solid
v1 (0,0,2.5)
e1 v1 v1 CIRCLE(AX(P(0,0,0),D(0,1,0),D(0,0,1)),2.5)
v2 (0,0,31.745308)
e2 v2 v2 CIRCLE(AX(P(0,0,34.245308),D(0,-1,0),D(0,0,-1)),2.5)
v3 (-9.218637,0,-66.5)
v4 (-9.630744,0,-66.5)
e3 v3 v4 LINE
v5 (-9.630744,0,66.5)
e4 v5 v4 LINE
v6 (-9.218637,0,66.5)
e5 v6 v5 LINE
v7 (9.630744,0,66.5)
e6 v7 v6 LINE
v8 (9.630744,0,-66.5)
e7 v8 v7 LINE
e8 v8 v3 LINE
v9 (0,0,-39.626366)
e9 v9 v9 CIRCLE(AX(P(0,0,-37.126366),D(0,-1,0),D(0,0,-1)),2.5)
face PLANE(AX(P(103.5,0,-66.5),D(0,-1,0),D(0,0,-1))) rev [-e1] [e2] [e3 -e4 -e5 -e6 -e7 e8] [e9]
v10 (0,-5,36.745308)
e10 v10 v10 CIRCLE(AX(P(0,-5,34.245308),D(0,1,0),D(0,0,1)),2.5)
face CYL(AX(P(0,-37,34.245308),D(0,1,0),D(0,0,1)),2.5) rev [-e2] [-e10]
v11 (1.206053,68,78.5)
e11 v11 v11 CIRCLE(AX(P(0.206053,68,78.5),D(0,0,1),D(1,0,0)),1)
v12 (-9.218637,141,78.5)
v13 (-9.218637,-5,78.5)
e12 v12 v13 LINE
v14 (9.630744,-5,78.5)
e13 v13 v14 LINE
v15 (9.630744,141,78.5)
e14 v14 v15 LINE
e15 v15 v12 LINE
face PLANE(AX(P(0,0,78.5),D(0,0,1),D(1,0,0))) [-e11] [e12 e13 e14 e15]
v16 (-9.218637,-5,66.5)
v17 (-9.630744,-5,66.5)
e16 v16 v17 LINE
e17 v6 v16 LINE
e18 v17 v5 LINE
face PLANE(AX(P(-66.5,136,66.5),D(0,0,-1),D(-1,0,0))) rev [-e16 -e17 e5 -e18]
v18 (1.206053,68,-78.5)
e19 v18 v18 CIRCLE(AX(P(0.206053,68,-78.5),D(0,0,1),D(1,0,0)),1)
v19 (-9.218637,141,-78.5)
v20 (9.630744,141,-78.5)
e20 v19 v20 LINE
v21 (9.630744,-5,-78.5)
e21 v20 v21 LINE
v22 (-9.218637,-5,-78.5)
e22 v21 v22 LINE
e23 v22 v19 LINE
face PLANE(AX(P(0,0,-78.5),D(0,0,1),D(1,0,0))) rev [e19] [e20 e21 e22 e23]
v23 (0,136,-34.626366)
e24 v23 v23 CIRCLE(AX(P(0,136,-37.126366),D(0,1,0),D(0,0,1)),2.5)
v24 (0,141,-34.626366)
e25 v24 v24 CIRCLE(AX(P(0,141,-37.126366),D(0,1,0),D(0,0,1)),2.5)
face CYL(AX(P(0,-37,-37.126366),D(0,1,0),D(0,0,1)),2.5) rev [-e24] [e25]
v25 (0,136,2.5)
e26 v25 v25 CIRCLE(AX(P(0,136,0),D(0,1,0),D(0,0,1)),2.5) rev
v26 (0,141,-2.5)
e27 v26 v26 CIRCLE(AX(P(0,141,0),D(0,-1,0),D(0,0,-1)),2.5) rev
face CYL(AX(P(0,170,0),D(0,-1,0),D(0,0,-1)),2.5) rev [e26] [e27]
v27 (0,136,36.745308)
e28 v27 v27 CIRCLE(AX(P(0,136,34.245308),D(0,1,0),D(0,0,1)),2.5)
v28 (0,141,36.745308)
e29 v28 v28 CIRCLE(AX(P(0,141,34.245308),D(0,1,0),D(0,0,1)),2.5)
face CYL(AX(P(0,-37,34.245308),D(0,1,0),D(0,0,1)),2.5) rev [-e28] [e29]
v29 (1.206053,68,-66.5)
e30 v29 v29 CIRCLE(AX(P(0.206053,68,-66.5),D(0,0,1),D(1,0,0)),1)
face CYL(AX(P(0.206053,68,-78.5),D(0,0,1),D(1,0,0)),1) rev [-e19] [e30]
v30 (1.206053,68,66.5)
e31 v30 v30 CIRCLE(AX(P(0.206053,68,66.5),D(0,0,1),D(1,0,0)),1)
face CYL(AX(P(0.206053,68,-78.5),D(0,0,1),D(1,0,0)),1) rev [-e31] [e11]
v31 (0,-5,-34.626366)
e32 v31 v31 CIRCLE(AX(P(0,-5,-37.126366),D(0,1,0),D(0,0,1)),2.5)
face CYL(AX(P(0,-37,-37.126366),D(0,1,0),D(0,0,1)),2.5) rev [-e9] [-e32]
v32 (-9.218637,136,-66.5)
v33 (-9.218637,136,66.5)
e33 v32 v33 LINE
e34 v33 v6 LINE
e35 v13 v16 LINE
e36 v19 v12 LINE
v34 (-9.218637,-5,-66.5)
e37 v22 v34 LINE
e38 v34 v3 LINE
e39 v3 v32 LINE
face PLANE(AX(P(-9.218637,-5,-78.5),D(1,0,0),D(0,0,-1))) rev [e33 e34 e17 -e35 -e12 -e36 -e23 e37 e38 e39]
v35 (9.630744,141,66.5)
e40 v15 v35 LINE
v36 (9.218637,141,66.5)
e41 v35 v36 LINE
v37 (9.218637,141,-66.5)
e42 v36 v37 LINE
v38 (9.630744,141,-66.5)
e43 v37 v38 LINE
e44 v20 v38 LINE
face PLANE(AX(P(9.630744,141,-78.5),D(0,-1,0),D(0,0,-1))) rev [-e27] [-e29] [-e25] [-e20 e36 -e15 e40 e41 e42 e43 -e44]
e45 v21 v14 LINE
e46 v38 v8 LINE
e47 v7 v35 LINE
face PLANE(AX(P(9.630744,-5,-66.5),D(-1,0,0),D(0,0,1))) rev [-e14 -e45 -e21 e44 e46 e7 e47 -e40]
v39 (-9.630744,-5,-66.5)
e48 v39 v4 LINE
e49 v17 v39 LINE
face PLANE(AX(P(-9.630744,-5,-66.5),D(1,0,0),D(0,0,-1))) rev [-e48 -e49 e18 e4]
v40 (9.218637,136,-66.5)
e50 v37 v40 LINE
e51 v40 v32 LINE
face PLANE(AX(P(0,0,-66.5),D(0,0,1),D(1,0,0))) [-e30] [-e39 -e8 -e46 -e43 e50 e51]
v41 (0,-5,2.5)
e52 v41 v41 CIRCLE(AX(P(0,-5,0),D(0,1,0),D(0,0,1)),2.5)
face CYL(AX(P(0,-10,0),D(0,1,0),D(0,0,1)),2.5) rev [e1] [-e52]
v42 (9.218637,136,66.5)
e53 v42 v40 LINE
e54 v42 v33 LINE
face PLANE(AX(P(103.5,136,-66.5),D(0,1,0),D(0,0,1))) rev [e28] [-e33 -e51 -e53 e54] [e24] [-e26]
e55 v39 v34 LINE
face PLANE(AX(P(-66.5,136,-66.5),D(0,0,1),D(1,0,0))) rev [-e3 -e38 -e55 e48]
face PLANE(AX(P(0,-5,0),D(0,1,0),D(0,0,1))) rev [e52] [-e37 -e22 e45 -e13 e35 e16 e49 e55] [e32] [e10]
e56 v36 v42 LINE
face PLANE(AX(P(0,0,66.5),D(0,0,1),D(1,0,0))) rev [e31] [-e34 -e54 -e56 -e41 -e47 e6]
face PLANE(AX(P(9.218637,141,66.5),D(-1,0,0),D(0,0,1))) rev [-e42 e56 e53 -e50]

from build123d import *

# Parameters (mm, degrees)
SKETCH1_W            = 133
SKETCH1_H            = 133
BOSS_EXTRUDE2_DEPTH  = 136
SKETCH2_W            = 133
SKETCH2_H            = 118
CUT_EXTRUDE1_DEPTH   = 136
BOSS_EXTRUDE3_DEPTH  = 10.5
SKETCH5_W            = 21
SKETCH5_H            = 3
BOSS_EXTRUDE4_DEPTH  = 23.5
SKETCH6_W            = 42
SKETCH6_H            = 17.2
CUT_EXTRUDE2_DEPTH   = 3
BOSS_EXTRUDE5_DEPTH  = 10.5
SKETCH8_W            = 21
SKETCH8_H            = 3
BOSS_EXTRUDE6_DEPTH  = 23.5
SKETCH9_W            = 42
SKETCH9_H            = 17.2
CUT_EXTRUDE3_DEPTH   = 3
SKETCH10_W           = 19.261488562
SKETCH10_H           = 133
BOSS_EXTRUDE7_DEPTH  = 5
SKETCH11_W           = 18.43727499
SKETCH11_H           = 133
BOSS_EXTRUDE8_DEPTH  = 5
SKETCH12_W           = 18.849381776
SKETCH12_H           = 146
BOSS_EXTRUDE9_DEPTH  = 12
SKETCH14_W           = 18.849381776
SKETCH14_H           = 146
BOSS_EXTRUDE10_DEPTH = 12
SKETCH17_R           = 1
CUT_EXTRUDE4_DEPTH   = 222.251553667
SKETCH18_W           = 133
SKETCH18_H           = 136
CUT_EXTRUDE5_DEPTH   = 170
SKETCH20_R           = 2.5
CUT_EXTRUDE6_DEPTH   = 10
SKETCH22_R           = 2.5
CUT_EXTRUDE8_DEPTH   = 170
SKETCH24_R           = 2.5
CUT_EXTRUDE9_DEPTH   = 170
SKETCH26_R           = 2.474722671
CUT_EXTRUDE10_DEPTH  = 177
SKETCH27_R           = 2.5
CUT_EXTRUDE11_DEPTH  = 177
SKETCH29_R           = 2.5
CUT_EXTRUDE12_DEPTH  = 177
SKETCH30_R           = 2.5
CUT_EXTRUDE13_DEPTH  = 178
SKETCH31_R           = 2.5
CUT_EXTRUDE14_DEPTH  = 178
SKETCH32_R           = 2.474722671
SKETCH32_R_2         = 2.5
BOSS_EXTRUDE11_DEPTH = 5
SKETCH33_R           = 2.5
BOSS_EXTRUDE12_DEPTH = 5


with BuildPart() as part:
    # Sketch1 → Boss-Extrude2 (new body)
    with BuildSketch(Plane(origin=(0, 0, 0), x_dir=(1, 0, 0), z_dir=(0, 1, 0))):
        Rectangle(SKETCH1_W, SKETCH1_H)
    extrude(amount=BOSS_EXTRUDE2_DEPTH)

    # Sketch2 → Cut-Extrude1 (cut)
    with BuildSketch(Plane.XY.offset(66.5)):
        with Locations((0, 68)):
            Rectangle(SKETCH2_W, SKETCH2_H)
    extrude(amount=-CUT_EXTRUDE1_DEPTH, mode=Mode.SUBTRACT)


with BuildPart() as cut_extrude1_piece_1:
    # of the separate pieces the step leaves, piece 1, a body of its own (cut_extrude1_pieces)
    add(part.part.solids().sort_by_distance((-66.5, 0, 66.5))[0])

    # Sketch4 → Boss-Extrude3 (add)
    with BuildSketch(Plane(origin=(0, 9, 0), x_dir=(1, 0, 0), z_dir=(0, 1, 0))):
        Polygon((22.75, -22.75), (43.75, -22.75), (46.25, -22.75), (46.25, -20.25), (20.25, -20.25), (20.25, -46.25), (46.25, -46.25), (46.25, -43.75), (43.75, -43.75), (22.75, -43.75), align=None)
        Polygon((22.75, 43.75), (43.75, 43.75), (46.25, 43.75), (46.25, 46.25), (20.25, 46.25), (20.25, 20.25), (46.25, 20.25), (46.25, 22.75), (43.75, 22.75), (22.75, 22.75), align=None)
    extrude(amount=BOSS_EXTRUDE3_DEPTH)

    # Sketch5 → Boss-Extrude4 (add)
    with BuildSketch(Plane(origin=(22.75, 0, 0), x_dir=(0, 0, -1), z_dir=(1, 0, 0))):
        with Locations((-33.25, 18)):
            Rectangle(SKETCH5_W, SKETCH5_H)
        with Locations((33.25, 18)):
            Rectangle(SKETCH5_W, SKETCH5_H)
    extrude(amount=BOSS_EXTRUDE4_DEPTH)

    # Sketch6 → Cut-Extrude2 (cut)
    with BuildSketch(Plane(origin=(0, 19.5, 0), x_dir=(1, 0, 0), z_dir=(0, 1, 0))):
        with Locations((46.25, -33.25)):
            Rectangle(SKETCH6_W, SKETCH6_H)
        with Locations((46.25, 33.25)):
            Rectangle(SKETCH6_W, SKETCH6_H)
    extrude(amount=-CUT_EXTRUDE2_DEPTH, mode=Mode.SUBTRACT)

    # Sketch10 → Boss-Extrude7 (add)
    with BuildSketch(Plane.XZ):
        Rectangle(SKETCH10_W, SKETCH10_H)
    extrude(amount=BOSS_EXTRUDE7_DEPTH)



with BuildPart() as cut_extrude1_piece_2:
    # of the separate pieces the step leaves, piece 2, a body of its own (cut_extrude1_pieces)
    add(part.part.solids().sort_by_distance((66.5, 127, 66.5))[0])

    # Sketch7 → Boss-Extrude5 (add)
    with BuildSketch(Plane.XZ.offset(-127)):
        Polygon((-43.75, 43.75), (-22.75, 43.75), (-22.75, 22.75), (-43.75, 22.75), (-46.25, 22.75), (-46.25, 20.25), (-20.25, 20.25), (-20.25, 46.25), (-46.25, 46.25), (-46.25, 43.75), align=None)
        Polygon((-43.75, -22.75), (-22.75, -22.75), (-22.75, -43.75), (-43.75, -43.75), (-46.25, -43.75), (-46.25, -46.25), (-20.25, -46.25), (-20.25, -20.25), (-46.25, -20.25), (-46.25, -22.75), align=None)
    extrude(amount=BOSS_EXTRUDE5_DEPTH)

    # Sketch8 → Boss-Extrude6 (add)
    with BuildSketch(Plane.ZY.offset(22.75)):
        with Locations((33.25, 118)):
            Rectangle(SKETCH8_W, SKETCH8_H)
        with Locations((-33.25, 118)):
            Rectangle(SKETCH8_W, SKETCH8_H)
    extrude(amount=BOSS_EXTRUDE6_DEPTH)

    # Sketch9 → Cut-Extrude3 (cut)
    with BuildSketch(Plane.XZ.offset(-116.5)):
        with Locations((-46.25, 33.25)):
            Rectangle(SKETCH9_W, SKETCH9_H)
        with Locations((-46.25, -33.25)):
            Rectangle(SKETCH9_W, SKETCH9_H)
    extrude(amount=-CUT_EXTRUDE3_DEPTH, mode=Mode.SUBTRACT)

    # Sketch11 → Boss-Extrude8 (add)
    with BuildSketch(Plane(origin=(0, 136, 0), x_dir=(1, 0, 0), z_dir=(0, 1, 0))):
        Rectangle(SKETCH11_W, SKETCH11_H)
    extrude(amount=BOSS_EXTRUDE8_DEPTH)


with BuildPart() as cut_extrude1_piece_1_1:
    add(cut_extrude1_piece_1.part)

    add(cut_extrude1_piece_2.part)  # Boss-Extrude9 merges Cut-Extrude1 piece 2
    # Sketch12 → Boss-Extrude9 (add)
    with BuildSketch(Plane(origin=(0, 0, -66.5), x_dir=(-1, 0, 0), z_dir=(0, 0, -1))):
        with Locations((-0.206053393, 68)):
            Rectangle(SKETCH12_W, SKETCH12_H)
    extrude(amount=BOSS_EXTRUDE9_DEPTH)

    # Sketch14 → Boss-Extrude10 (add)
    with BuildSketch(Plane.XY.offset(66.5)):
        with Locations((0.206053393, 68)):
            Rectangle(SKETCH14_W, SKETCH14_H)
    extrude(amount=BOSS_EXTRUDE10_DEPTH)

    # Sketch17 → Cut-Extrude4 (cut, through all)
    with BuildSketch(Plane.XY.offset(78.5)):
        with Locations((0.206053393, 68)):
            Circle(SKETCH17_R)
    extrude(amount=-CUT_EXTRUDE4_DEPTH, mode=Mode.SUBTRACT)

    # Sketch18 → Cut-Extrude5 (cut)
    with BuildSketch(Plane.ZY.offset(66.5)):
        with Locations((0, 68)):
            Rectangle(SKETCH18_W, SKETCH18_H)
    extrude(amount=-CUT_EXTRUDE5_DEPTH, mode=Mode.SUBTRACT)

    # Sketch20 → Cut-Extrude6 (cut)
    with BuildSketch(Plane(origin=(0, 0, 0), x_dir=(1, 0, 0), z_dir=(0, 1, 0))):
        with Locations(Location((0, 0, 0), (0, 0, 270))):
            Circle(SKETCH20_R)
    extrude(amount=-CUT_EXTRUDE6_DEPTH, mode=Mode.SUBTRACT)

    # Sketch22 → Cut-Extrude8 (cut)
    with BuildSketch(Plane(origin=(0, 0, 0), x_dir=(1, 0, 0), z_dir=(0, 1, 0))):
        with Locations(Location((0, 0, 0), (0, 0, 270))):
            Circle(SKETCH22_R)
    extrude(amount=CUT_EXTRUDE8_DEPTH, mode=Mode.SUBTRACT)

    # Sketch24 → Cut-Extrude9 (cut)
    with BuildSketch(Plane(origin=(0, 0, 0), x_dir=(1, 0, 0), z_dir=(0, 1, 0))):
        with Locations(Location((0, 59.159797643, 0), (0, 0, 270))):
            Circle(SKETCH24_R)
    extrude(amount=-CUT_EXTRUDE9_DEPTH, mode=Mode.SUBTRACT)

    # Sketch26 → Cut-Extrude10 (cut)
    with BuildSketch(Plane(origin=(0, 9, 0), x_dir=(1, 0, 0), z_dir=(0, 1, 0))):
        with Locations(Location((0, 59.159797643, 0), (0, 0, 90))):
            Circle(SKETCH26_R)
    extrude(amount=CUT_EXTRUDE10_DEPTH, mode=Mode.SUBTRACT)

    # Sketch27 → Cut-Extrude11 (cut)
    with BuildSketch(Plane(origin=(0, 0, 0), x_dir=(1, 0, 0), z_dir=(0, 1, 0))):
        with Locations(Location((0, -59.499471122, 0), (0, 0, 270))):
            Circle(SKETCH27_R)
    extrude(amount=-CUT_EXTRUDE11_DEPTH, mode=Mode.SUBTRACT)

    # Sketch29 → Cut-Extrude12 (cut)
    with BuildSketch(Plane.XZ.offset(5)):
        with Locations(Location((0, 59.499471122, 0), (0, 0, 90))):
            Circle(SKETCH29_R)
    extrude(amount=-CUT_EXTRUDE12_DEPTH, mode=Mode.SUBTRACT)

    # Sketch30 → Cut-Extrude13 (cut)
    with BuildSketch(Plane(origin=(0, 141, 0), x_dir=(1, 0, 0), z_dir=(0, 1, 0))):
        with Locations(Location((0, 37.126366322, 0), (0, 0, 270))):
            Circle(SKETCH30_R)
    extrude(amount=-CUT_EXTRUDE13_DEPTH, mode=Mode.SUBTRACT)

    # Sketch31 → Cut-Extrude14 (cut)
    with BuildSketch(Plane(origin=(0, 141, 0), x_dir=(1, 0, 0), z_dir=(0, 1, 0))):
        with Locations(Location((0, -34.245307912, 0), (0, 0, 270))):
            Circle(SKETCH31_R)
    extrude(amount=-CUT_EXTRUDE14_DEPTH, mode=Mode.SUBTRACT)

    # Sketch32 → Boss-Extrude11 (add)
    with BuildSketch(Plane(origin=(0, 141, 0), x_dir=(1, 0, 0), z_dir=(0, 1, 0))):
        with Locations((0, 59.159797643)):
            Circle(SKETCH32_R)
        with Locations(Location((0, -59.499471122, 0), (0, 0, 270))):
            Circle(SKETCH32_R_2)
    extrude(amount=-BOSS_EXTRUDE11_DEPTH)

    # Sketch33 → Boss-Extrude12 (add)
    with BuildSketch(Plane.XZ.offset(5)):
        with Locations((0, -59.159797643)):
            Circle(SKETCH33_R)
        with Locations((0, 59.499471122)):
            Circle(SKETCH33_R)
    extrude(amount=-BOSS_EXTRUDE12_DEPTH)


solid = cut_extrude1_piece_1_1.part
